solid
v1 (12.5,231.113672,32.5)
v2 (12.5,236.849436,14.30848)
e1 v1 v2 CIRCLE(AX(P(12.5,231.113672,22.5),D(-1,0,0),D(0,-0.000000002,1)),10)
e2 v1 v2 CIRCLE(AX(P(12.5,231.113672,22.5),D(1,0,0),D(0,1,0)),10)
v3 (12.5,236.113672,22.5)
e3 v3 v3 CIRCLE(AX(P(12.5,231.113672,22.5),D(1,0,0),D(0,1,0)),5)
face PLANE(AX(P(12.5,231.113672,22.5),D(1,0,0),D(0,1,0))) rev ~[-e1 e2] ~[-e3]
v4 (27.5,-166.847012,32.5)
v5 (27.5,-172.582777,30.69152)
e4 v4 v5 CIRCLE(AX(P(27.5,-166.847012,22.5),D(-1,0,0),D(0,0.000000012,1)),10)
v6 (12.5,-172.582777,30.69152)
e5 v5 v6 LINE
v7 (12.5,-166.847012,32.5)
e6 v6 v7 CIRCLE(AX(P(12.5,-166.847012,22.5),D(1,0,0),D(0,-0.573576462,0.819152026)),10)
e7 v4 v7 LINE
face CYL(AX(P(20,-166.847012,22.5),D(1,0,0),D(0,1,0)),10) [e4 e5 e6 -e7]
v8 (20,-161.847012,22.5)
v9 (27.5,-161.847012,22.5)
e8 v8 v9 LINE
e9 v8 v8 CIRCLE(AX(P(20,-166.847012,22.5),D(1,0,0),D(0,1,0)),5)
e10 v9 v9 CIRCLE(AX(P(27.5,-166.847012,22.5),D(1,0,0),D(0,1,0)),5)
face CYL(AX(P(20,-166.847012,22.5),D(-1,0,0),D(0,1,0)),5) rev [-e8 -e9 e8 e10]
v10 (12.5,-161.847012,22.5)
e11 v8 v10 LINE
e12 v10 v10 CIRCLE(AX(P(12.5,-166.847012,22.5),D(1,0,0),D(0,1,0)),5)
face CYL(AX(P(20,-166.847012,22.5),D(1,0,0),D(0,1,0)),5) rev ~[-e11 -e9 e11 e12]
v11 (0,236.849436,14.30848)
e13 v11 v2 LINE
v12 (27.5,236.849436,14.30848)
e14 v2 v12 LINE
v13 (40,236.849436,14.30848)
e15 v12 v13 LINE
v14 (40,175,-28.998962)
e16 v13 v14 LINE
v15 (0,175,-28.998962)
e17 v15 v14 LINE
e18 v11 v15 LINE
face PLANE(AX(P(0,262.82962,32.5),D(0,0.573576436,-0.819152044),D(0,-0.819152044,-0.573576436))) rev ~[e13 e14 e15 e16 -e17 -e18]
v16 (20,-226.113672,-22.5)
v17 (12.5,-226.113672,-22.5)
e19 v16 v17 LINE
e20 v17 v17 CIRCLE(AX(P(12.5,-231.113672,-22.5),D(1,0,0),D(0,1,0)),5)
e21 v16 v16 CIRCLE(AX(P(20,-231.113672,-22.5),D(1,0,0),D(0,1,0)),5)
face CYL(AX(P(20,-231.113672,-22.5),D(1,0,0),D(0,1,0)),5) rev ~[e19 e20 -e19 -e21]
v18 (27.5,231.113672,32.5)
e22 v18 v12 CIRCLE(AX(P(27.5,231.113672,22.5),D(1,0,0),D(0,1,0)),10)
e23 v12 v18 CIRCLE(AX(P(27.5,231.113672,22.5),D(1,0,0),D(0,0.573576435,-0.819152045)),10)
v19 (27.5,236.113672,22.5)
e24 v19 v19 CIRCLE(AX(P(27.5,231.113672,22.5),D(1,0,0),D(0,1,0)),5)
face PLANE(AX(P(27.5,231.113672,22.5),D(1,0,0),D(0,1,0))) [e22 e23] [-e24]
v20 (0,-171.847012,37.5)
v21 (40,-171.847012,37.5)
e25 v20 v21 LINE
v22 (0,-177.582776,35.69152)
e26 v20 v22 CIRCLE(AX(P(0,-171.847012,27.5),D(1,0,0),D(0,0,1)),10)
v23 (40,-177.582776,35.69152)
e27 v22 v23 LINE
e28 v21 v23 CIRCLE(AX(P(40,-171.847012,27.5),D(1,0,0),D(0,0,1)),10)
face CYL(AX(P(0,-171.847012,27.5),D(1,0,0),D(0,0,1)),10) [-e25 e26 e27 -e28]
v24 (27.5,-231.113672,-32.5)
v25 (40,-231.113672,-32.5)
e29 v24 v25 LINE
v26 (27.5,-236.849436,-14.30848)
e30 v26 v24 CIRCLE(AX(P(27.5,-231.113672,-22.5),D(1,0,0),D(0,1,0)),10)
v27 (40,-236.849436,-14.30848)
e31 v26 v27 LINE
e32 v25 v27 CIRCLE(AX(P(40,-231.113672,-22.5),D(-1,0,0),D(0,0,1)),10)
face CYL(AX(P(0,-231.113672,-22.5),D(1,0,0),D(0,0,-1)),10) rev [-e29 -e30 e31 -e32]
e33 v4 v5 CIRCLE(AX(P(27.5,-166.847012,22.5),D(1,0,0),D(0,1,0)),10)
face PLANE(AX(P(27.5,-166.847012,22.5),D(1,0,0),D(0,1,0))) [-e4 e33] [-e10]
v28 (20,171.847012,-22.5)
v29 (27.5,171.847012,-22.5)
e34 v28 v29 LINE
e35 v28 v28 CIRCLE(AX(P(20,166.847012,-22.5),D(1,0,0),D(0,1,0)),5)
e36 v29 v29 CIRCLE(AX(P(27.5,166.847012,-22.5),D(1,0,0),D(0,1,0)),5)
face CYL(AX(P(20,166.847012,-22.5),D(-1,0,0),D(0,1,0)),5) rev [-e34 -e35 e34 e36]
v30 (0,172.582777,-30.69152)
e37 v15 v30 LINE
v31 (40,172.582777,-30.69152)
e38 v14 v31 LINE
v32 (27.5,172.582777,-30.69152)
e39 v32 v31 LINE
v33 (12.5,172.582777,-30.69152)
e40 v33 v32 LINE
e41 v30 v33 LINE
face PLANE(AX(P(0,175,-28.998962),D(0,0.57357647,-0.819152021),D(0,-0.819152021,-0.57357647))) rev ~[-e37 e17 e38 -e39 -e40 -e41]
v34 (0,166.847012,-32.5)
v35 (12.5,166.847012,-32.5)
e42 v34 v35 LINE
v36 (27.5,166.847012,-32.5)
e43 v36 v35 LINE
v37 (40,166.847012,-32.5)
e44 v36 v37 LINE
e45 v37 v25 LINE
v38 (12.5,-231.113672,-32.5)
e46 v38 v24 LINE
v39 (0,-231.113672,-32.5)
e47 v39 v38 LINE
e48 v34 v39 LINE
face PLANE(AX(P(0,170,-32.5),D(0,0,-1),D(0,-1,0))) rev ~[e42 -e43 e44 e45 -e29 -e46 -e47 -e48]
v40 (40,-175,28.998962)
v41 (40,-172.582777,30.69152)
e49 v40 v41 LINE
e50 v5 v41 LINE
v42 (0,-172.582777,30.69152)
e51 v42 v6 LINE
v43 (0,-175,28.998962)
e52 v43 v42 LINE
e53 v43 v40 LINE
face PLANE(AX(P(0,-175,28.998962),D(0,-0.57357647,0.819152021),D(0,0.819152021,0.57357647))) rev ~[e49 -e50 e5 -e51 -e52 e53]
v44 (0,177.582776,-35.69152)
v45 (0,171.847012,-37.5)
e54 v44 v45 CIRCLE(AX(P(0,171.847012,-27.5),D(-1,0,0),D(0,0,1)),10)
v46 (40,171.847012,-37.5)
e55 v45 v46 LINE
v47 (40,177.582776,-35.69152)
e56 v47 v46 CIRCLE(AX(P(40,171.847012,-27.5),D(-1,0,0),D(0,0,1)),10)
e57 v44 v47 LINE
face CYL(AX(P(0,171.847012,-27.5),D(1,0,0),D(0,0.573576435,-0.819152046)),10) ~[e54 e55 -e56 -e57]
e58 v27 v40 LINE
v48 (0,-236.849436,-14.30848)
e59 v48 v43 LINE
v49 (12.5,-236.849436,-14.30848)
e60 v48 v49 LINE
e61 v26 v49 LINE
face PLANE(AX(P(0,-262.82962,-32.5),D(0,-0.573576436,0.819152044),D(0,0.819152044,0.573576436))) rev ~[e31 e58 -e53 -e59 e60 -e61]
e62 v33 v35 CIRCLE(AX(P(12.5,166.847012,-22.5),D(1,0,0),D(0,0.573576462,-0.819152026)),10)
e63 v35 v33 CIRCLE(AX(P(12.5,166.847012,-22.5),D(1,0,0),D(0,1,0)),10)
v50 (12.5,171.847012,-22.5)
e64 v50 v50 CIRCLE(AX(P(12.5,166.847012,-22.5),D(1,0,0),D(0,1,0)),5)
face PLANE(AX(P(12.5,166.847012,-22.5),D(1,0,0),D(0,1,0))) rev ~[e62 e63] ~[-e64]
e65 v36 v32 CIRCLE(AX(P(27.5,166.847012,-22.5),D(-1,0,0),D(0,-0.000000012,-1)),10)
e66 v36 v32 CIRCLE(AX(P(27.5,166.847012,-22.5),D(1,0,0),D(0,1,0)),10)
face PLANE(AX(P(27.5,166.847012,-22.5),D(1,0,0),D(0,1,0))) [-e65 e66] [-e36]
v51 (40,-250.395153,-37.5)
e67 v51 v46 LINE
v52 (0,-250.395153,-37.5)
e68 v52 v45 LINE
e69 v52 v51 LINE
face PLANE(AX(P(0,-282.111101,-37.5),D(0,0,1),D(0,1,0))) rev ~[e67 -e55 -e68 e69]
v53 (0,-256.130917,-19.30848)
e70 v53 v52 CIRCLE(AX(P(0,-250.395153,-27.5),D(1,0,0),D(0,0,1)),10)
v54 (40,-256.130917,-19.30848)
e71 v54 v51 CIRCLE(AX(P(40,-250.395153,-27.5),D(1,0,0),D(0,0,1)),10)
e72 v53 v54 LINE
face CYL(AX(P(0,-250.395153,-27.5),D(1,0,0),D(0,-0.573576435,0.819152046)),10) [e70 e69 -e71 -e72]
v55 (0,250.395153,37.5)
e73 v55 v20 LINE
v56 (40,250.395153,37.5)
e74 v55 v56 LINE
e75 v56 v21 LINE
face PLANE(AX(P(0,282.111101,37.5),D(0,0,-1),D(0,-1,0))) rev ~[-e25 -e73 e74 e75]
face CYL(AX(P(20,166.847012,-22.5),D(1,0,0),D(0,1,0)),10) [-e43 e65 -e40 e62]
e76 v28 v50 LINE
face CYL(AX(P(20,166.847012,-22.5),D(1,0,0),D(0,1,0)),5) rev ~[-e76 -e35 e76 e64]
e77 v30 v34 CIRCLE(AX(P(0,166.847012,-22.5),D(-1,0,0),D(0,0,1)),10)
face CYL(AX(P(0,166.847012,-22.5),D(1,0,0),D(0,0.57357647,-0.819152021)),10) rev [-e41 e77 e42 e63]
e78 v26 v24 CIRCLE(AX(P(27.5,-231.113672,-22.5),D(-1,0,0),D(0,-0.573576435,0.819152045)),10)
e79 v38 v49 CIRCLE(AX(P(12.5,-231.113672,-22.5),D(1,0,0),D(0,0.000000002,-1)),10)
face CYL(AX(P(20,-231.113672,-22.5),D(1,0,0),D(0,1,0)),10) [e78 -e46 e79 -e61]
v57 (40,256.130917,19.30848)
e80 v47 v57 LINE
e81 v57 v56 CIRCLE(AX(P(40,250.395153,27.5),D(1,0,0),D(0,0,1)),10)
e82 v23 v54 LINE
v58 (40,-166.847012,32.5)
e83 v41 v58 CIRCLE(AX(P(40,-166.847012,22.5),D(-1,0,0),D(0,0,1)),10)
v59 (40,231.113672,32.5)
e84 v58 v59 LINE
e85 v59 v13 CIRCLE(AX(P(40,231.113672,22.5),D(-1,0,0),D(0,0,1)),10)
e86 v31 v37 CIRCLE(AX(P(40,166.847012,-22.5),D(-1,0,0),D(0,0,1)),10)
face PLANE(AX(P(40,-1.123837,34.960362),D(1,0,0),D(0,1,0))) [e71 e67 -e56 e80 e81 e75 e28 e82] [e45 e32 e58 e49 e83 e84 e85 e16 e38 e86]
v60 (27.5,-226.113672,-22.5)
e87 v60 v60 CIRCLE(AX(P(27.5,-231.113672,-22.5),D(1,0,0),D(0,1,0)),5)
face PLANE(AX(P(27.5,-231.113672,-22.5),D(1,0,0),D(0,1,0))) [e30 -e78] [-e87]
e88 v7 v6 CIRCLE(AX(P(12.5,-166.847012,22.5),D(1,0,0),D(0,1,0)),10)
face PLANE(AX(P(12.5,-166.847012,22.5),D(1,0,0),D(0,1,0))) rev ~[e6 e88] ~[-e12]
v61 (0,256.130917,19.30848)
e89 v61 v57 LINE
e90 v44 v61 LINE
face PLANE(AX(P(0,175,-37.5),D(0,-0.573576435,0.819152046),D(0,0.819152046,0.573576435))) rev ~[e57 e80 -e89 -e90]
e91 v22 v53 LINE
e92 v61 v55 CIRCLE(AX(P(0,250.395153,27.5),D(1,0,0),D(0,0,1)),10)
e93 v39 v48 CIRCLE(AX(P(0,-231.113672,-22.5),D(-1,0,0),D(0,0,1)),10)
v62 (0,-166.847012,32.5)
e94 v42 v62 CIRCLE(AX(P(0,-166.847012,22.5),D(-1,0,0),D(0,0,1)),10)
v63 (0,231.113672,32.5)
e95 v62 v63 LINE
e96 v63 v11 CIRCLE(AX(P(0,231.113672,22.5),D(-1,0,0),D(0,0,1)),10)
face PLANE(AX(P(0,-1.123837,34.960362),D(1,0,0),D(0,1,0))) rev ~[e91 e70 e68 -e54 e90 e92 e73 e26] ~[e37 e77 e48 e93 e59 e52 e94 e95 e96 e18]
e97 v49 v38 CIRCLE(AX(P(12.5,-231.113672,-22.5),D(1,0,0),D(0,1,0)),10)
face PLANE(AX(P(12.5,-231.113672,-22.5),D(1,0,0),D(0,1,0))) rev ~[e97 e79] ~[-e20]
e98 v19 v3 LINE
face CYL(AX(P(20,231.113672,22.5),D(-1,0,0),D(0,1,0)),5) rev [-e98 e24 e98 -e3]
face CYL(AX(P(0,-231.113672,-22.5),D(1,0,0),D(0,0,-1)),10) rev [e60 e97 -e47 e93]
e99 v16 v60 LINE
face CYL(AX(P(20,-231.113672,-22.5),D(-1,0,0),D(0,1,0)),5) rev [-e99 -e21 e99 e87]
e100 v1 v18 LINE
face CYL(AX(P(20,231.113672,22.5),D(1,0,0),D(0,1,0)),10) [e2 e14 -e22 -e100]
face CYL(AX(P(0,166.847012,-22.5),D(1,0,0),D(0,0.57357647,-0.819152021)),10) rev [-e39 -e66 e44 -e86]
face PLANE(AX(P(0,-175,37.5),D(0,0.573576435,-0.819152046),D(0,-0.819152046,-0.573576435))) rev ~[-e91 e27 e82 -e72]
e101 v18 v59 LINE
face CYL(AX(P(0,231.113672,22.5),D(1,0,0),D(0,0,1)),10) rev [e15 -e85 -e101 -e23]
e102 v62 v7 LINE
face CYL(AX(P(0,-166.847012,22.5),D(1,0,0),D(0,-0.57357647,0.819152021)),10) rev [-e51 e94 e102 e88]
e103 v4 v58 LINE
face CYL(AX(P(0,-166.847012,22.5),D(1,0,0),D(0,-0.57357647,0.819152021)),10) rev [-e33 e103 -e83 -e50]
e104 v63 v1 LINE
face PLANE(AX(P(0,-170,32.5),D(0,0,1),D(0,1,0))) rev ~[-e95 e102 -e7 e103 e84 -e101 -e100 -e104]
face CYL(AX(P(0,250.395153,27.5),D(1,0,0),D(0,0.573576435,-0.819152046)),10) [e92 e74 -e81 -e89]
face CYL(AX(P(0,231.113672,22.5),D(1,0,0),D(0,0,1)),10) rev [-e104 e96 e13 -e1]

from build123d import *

# Parameters (mm, degrees)
F2_DEPTH = 40
F3_R     = 10
F4_R     = 10
F4_R_2   = 5
F5_DEPTH = 7.5


with BuildPart() as f2:
    # F1 (on Right) → F2 (new body)
    with BuildSketch(Plane.YZ):
        Polygon((175, 32.5), (175, 37.5), (-175, 37.5), (-175, 28.998962), (-170, 32.5), (170, 32.5), align=None)
        Polygon((282.111101, 37.5), (175, 37.5), (175, 32.5), (262.82962, 32.5), (175, -28.998962), (175, -37.5), align=None)
        Polygon((-175, 28.998962), (-175, 37.5), (-282.111101, -37.5), (-175, -37.5), (-175, -32.5), (-262.82962, -32.5), align=None)
        Polygon((175, -37.5), (175, -28.998962), (170, -32.5), (-170, -32.5), (-175, -32.5), (-175, -37.5), align=None)
    extrude(amount=F2_DEPTH)

    # F3
    f3_edges = [f2.edges().sort_by_distance(p)[0] for p in [
        (20, 282.111101, 37.5),
        (20, 262.82962, 32.5),
        (20, 170, -32.5),
        (20, -282.111101, -37.5),
        (20, -175, 37.5),
        (20, -170, 32.5),
        (20, -262.82962, -32.5),
        (20, 175, -37.5),
    ]]
    fillet(f3_edges, radius=F3_R)

    # F4 (on offset) → F5 (join, symmetric)
    with BuildSketch(Plane.YZ.offset(20)):
        with Locations((-166.847012, 22.5)):
            Circle(F4_R)
        with Locations((-166.847012, 22.5)):
            Circle(F4_R_2, mode=Mode.SUBTRACT)
        with Locations((-231.113672, -22.5)):
            Circle(F4_R)
        with Locations((-231.113672, -22.5)):
            Circle(F4_R_2, mode=Mode.SUBTRACT)
        with Locations((166.847012, -22.5)):
            Circle(F4_R)
        with Locations((166.847012, -22.5)):
            Circle(F4_R_2, mode=Mode.SUBTRACT)
        with Locations((231.113672, 22.5)):
            Circle(F4_R)
        with Locations((231.113672, 22.5)):
            Circle(F4_R_2, mode=Mode.SUBTRACT)
    extrude(amount=F5_DEPTH, both=True)


solid = f2.part
